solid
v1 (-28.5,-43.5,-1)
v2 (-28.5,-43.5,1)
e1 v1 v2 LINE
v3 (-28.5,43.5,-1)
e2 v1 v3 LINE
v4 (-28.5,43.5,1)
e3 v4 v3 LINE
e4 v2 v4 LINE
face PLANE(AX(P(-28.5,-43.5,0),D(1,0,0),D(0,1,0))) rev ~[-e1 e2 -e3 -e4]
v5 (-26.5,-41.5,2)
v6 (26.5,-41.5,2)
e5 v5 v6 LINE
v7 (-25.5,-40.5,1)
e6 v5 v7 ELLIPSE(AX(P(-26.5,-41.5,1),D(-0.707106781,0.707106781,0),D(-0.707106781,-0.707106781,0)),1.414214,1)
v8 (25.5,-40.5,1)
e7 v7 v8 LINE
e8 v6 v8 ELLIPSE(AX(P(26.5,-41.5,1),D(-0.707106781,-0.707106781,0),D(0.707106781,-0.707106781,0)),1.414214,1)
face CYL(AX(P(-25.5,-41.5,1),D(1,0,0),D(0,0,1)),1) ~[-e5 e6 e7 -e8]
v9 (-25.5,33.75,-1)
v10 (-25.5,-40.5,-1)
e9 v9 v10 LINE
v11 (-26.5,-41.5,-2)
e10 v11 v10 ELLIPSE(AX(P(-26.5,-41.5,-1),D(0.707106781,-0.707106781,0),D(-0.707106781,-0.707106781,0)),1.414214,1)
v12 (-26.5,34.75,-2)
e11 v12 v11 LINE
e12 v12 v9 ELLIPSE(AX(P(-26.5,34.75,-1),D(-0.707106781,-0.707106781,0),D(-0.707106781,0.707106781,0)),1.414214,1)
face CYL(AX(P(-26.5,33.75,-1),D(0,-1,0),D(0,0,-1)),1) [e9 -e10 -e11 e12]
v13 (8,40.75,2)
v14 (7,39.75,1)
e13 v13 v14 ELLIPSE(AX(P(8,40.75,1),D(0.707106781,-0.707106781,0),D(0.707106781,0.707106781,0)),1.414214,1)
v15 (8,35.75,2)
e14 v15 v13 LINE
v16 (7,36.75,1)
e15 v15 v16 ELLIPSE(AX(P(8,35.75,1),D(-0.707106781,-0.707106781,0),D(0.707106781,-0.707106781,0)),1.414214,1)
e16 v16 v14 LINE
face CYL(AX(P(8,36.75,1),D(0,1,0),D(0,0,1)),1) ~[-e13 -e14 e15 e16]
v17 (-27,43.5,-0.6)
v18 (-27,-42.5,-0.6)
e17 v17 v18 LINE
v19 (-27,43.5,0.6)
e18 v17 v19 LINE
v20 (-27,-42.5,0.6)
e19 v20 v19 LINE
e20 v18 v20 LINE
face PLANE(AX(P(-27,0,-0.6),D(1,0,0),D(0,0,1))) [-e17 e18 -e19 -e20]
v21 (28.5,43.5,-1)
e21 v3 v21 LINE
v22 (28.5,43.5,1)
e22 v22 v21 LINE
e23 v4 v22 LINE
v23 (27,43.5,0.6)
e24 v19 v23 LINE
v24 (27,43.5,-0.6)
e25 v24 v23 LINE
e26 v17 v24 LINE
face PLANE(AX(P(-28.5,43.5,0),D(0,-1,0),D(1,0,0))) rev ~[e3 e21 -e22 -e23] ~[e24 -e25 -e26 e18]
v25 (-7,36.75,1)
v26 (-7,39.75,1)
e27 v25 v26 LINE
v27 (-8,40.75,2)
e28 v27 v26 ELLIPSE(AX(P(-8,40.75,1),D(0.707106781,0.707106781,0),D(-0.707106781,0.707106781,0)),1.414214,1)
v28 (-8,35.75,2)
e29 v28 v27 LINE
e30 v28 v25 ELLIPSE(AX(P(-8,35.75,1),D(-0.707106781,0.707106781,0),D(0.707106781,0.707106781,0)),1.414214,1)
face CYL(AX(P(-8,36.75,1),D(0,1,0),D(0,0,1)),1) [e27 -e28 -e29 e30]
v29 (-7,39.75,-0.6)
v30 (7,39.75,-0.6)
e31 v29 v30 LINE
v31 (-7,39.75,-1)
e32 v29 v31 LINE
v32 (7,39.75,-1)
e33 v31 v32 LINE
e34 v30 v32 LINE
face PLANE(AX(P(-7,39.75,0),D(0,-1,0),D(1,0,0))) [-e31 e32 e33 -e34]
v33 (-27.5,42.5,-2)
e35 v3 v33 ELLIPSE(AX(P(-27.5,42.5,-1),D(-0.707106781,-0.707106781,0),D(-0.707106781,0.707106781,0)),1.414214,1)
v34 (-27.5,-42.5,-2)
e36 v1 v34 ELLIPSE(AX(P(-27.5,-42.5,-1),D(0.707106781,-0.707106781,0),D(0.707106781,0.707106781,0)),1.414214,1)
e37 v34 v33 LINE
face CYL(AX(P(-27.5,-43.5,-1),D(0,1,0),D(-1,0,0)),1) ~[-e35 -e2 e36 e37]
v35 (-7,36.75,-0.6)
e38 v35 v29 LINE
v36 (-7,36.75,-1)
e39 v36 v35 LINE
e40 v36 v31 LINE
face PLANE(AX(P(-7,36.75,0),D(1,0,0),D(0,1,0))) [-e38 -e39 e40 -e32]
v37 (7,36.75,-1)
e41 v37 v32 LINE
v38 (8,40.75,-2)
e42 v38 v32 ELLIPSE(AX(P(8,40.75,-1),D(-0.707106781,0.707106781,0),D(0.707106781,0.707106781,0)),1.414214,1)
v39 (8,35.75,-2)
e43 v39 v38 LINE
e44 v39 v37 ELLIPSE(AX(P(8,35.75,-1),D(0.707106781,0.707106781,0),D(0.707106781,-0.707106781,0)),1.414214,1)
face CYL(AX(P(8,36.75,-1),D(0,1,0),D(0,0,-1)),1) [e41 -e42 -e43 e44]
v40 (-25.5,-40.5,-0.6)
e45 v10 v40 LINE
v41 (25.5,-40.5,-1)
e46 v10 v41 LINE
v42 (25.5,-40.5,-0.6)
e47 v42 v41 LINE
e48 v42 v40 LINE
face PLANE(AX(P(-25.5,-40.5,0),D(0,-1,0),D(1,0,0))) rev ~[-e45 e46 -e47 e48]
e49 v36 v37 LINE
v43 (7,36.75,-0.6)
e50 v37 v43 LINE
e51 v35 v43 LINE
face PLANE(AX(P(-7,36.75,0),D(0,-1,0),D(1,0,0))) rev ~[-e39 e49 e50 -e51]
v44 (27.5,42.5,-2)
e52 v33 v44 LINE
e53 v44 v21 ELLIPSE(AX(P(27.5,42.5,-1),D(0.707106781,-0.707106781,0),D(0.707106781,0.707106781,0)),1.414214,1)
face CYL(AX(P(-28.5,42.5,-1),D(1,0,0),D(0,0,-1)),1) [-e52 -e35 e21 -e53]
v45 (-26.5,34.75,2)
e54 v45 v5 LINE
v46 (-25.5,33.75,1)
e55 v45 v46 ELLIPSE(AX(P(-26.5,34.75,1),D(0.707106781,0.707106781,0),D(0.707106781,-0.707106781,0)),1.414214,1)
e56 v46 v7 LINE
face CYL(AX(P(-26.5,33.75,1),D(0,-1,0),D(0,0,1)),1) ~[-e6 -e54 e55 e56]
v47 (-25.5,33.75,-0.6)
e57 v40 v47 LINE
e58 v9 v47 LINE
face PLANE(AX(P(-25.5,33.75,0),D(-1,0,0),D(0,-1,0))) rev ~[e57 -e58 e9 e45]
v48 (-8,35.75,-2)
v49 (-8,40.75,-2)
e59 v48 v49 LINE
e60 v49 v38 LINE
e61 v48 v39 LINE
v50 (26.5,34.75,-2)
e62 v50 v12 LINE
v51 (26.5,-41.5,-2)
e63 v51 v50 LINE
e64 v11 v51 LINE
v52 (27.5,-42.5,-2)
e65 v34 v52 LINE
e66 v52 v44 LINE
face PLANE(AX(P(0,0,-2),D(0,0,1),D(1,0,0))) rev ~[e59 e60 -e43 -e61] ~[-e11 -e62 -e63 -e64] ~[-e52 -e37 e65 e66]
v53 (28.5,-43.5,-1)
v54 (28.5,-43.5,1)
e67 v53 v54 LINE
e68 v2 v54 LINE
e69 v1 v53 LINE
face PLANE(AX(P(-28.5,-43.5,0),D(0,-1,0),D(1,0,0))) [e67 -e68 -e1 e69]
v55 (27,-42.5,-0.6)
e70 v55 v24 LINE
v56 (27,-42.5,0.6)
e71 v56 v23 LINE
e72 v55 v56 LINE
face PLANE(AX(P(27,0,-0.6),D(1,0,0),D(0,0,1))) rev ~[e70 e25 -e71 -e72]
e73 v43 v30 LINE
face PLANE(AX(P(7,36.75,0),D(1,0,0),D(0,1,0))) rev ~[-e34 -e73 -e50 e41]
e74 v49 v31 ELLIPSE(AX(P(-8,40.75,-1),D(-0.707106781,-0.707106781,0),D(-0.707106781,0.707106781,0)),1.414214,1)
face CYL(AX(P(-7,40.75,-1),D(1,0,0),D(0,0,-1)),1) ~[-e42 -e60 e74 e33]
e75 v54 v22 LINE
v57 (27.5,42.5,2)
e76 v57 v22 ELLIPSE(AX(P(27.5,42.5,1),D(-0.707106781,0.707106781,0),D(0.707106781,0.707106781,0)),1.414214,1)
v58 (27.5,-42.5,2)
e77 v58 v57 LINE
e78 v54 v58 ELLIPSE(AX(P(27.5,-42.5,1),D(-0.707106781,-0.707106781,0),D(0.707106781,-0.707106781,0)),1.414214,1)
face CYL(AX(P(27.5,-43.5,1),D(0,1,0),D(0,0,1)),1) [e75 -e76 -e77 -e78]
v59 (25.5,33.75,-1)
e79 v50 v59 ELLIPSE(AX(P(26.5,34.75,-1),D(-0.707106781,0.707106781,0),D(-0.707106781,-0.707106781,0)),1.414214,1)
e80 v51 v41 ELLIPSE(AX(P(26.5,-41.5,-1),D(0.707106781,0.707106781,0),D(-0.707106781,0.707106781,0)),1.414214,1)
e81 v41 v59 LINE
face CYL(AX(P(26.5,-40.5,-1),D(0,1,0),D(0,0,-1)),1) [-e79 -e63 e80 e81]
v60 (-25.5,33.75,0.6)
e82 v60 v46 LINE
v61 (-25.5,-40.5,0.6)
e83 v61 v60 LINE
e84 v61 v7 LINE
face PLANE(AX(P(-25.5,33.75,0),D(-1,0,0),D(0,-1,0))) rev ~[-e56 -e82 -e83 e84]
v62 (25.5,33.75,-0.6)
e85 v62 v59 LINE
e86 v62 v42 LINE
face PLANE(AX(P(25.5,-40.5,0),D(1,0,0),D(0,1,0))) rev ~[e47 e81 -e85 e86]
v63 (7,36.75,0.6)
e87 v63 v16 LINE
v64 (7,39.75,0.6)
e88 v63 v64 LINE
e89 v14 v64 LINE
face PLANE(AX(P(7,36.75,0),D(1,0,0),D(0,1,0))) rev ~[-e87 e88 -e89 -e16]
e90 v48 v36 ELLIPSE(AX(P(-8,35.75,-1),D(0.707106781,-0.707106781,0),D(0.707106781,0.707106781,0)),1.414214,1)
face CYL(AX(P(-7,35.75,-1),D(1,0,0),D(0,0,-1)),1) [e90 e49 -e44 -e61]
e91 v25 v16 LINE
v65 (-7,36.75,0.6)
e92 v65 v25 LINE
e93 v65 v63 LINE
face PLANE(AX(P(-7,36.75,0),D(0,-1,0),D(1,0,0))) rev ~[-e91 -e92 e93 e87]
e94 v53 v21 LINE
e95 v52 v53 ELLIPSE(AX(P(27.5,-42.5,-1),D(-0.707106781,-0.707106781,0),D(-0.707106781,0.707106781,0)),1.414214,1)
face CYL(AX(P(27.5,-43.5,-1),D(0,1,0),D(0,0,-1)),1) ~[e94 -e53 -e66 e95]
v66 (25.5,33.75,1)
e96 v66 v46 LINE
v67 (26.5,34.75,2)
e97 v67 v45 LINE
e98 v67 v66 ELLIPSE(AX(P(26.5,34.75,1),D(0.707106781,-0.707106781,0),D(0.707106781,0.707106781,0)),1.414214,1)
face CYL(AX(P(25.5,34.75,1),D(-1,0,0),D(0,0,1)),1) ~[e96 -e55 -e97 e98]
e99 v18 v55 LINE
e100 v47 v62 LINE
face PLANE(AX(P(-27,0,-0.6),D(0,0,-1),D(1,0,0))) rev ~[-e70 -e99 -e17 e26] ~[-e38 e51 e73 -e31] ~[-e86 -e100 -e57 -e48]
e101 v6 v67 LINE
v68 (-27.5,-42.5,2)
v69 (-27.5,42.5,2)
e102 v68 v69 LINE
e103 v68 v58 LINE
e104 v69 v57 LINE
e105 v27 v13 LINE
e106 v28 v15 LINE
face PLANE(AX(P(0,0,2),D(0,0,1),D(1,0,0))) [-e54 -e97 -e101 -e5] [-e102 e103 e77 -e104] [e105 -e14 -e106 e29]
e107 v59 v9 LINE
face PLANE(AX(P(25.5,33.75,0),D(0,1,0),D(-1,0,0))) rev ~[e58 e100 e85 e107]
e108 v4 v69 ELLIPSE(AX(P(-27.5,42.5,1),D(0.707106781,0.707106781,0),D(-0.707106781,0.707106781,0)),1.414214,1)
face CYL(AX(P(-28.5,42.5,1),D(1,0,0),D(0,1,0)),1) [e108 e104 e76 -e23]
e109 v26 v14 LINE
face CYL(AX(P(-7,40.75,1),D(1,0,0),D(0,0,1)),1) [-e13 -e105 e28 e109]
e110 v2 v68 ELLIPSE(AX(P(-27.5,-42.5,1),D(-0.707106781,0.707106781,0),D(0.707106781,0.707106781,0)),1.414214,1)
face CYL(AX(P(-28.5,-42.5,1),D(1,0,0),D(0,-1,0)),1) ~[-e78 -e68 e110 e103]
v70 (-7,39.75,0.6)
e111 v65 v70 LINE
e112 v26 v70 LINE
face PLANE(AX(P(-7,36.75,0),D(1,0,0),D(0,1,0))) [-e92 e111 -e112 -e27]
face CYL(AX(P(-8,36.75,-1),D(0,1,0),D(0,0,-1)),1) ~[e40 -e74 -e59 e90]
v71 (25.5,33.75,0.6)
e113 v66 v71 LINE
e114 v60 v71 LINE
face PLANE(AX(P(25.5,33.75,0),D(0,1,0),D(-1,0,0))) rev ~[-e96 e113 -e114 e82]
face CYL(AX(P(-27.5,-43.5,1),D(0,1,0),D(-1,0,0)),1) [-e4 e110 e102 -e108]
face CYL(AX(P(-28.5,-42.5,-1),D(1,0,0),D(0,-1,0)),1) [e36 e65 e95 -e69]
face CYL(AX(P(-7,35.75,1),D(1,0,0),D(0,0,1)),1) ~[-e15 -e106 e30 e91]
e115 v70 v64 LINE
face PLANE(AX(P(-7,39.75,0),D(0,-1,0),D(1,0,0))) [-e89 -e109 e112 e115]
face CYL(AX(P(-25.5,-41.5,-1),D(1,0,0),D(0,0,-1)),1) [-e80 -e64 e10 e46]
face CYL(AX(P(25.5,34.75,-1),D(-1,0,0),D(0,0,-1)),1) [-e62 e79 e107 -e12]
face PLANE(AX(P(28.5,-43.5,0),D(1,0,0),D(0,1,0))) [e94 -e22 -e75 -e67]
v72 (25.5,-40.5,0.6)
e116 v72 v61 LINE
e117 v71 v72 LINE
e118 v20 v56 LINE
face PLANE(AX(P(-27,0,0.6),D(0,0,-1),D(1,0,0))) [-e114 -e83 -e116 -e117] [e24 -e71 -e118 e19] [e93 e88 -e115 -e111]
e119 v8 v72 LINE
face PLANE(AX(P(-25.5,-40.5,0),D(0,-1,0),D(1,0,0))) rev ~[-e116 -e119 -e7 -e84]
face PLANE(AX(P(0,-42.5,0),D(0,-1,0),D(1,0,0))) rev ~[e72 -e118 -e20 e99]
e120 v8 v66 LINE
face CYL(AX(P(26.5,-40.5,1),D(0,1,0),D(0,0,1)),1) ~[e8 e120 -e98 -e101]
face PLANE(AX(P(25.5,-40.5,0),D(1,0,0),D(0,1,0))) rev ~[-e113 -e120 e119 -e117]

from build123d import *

# Parameters (mm, degrees)
F0_W          = 57
F0_H          = 87
F1_DEPTH      = 2
F2_W          = 14
F2_H          = 3
F3_DEPTH      = 12.5
F4_W          = 54
F4_H          = 1.2
F5_DEPTH      = 50
F5_DEPTH_BACK = 42.5
F6_W          = 25.5
F6_H          = 33.75
F6_H_2        = 40.5
F7_DEPTH      = 12.5
F8_R          = 1


with BuildPart() as f1:
    # F0 (on Top) → F1 (new body, symmetric)
    with BuildSketch(Plane.XY):
        Rectangle(F0_W, F0_H)
    extrude(amount=F1_DEPTH, both=True)

    # F2 (on Top) → F3 (cut, symmetric)
    with BuildSketch(Plane.XY):
        with Locations((0, 38.25)):
            Rectangle(F2_W, F2_H)
    extrude(amount=F3_DEPTH, both=True, mode=Mode.SUBTRACT)

    # F4 (on Front) → F5 (cut, two sides)
    with BuildSketch(Plane.XZ) as f5_sk:
        Rectangle(F4_W, F4_H)
    extrude(amount=-F5_DEPTH, mode=Mode.SUBTRACT)
    extrude(f5_sk.sketch, amount=F5_DEPTH_BACK, mode=Mode.SUBTRACT)

    # F6 (on Top) → F7 (cut, symmetric)
    with BuildSketch(Plane.XY):
        with Locations((12.75, 16.875)):
            Rectangle(F6_W, F6_H)
        with Locations((-12.75, 16.875)):
            Rectangle(F6_W, F6_H)
        with Locations((12.75, -20.25)):
            Rectangle(F6_W, F6_H_2)
        with Locations((-12.75, -20.25)):
            Rectangle(F6_W, F6_H_2)
    extrude(amount=F7_DEPTH, both=True, mode=Mode.SUBTRACT)

    # F8
    f8_edges = [f1.edges().sort_by_distance(p)[0] for p in [
        (-28.5, 0, 2),
        (-25.5, -3.375, 2),
        (0, -40.5, 2),
        (0, -43.5, 2),
        (25.5, -3.375, 2),
        (28.5, 0, 2),
        (0, 33.75, 2),
        (0, 43.5, 2),
        (-28.5, 0, -2),
        (0, 43.5, -2),
        (0, 33.75, -2),
        (25.5, -3.375, -2),
        (-25.5, -3.375, -2),
        (28.5, 0, -2),
        (0, -40.5, -2),
        (0, 36.75, -2),
        (7, 38.25, -2),
        (-7, 38.25, -2),
        (0, 39.75, -2),
        (0, 36.75, 2),
        (-7, 38.25, 2),
        (7, 38.25, 2),
        (0, -43.5, -2),
        (0, 39.75, 2),
    ]]
    fillet(f8_edges, radius=F8_R)


solid = f1.part
